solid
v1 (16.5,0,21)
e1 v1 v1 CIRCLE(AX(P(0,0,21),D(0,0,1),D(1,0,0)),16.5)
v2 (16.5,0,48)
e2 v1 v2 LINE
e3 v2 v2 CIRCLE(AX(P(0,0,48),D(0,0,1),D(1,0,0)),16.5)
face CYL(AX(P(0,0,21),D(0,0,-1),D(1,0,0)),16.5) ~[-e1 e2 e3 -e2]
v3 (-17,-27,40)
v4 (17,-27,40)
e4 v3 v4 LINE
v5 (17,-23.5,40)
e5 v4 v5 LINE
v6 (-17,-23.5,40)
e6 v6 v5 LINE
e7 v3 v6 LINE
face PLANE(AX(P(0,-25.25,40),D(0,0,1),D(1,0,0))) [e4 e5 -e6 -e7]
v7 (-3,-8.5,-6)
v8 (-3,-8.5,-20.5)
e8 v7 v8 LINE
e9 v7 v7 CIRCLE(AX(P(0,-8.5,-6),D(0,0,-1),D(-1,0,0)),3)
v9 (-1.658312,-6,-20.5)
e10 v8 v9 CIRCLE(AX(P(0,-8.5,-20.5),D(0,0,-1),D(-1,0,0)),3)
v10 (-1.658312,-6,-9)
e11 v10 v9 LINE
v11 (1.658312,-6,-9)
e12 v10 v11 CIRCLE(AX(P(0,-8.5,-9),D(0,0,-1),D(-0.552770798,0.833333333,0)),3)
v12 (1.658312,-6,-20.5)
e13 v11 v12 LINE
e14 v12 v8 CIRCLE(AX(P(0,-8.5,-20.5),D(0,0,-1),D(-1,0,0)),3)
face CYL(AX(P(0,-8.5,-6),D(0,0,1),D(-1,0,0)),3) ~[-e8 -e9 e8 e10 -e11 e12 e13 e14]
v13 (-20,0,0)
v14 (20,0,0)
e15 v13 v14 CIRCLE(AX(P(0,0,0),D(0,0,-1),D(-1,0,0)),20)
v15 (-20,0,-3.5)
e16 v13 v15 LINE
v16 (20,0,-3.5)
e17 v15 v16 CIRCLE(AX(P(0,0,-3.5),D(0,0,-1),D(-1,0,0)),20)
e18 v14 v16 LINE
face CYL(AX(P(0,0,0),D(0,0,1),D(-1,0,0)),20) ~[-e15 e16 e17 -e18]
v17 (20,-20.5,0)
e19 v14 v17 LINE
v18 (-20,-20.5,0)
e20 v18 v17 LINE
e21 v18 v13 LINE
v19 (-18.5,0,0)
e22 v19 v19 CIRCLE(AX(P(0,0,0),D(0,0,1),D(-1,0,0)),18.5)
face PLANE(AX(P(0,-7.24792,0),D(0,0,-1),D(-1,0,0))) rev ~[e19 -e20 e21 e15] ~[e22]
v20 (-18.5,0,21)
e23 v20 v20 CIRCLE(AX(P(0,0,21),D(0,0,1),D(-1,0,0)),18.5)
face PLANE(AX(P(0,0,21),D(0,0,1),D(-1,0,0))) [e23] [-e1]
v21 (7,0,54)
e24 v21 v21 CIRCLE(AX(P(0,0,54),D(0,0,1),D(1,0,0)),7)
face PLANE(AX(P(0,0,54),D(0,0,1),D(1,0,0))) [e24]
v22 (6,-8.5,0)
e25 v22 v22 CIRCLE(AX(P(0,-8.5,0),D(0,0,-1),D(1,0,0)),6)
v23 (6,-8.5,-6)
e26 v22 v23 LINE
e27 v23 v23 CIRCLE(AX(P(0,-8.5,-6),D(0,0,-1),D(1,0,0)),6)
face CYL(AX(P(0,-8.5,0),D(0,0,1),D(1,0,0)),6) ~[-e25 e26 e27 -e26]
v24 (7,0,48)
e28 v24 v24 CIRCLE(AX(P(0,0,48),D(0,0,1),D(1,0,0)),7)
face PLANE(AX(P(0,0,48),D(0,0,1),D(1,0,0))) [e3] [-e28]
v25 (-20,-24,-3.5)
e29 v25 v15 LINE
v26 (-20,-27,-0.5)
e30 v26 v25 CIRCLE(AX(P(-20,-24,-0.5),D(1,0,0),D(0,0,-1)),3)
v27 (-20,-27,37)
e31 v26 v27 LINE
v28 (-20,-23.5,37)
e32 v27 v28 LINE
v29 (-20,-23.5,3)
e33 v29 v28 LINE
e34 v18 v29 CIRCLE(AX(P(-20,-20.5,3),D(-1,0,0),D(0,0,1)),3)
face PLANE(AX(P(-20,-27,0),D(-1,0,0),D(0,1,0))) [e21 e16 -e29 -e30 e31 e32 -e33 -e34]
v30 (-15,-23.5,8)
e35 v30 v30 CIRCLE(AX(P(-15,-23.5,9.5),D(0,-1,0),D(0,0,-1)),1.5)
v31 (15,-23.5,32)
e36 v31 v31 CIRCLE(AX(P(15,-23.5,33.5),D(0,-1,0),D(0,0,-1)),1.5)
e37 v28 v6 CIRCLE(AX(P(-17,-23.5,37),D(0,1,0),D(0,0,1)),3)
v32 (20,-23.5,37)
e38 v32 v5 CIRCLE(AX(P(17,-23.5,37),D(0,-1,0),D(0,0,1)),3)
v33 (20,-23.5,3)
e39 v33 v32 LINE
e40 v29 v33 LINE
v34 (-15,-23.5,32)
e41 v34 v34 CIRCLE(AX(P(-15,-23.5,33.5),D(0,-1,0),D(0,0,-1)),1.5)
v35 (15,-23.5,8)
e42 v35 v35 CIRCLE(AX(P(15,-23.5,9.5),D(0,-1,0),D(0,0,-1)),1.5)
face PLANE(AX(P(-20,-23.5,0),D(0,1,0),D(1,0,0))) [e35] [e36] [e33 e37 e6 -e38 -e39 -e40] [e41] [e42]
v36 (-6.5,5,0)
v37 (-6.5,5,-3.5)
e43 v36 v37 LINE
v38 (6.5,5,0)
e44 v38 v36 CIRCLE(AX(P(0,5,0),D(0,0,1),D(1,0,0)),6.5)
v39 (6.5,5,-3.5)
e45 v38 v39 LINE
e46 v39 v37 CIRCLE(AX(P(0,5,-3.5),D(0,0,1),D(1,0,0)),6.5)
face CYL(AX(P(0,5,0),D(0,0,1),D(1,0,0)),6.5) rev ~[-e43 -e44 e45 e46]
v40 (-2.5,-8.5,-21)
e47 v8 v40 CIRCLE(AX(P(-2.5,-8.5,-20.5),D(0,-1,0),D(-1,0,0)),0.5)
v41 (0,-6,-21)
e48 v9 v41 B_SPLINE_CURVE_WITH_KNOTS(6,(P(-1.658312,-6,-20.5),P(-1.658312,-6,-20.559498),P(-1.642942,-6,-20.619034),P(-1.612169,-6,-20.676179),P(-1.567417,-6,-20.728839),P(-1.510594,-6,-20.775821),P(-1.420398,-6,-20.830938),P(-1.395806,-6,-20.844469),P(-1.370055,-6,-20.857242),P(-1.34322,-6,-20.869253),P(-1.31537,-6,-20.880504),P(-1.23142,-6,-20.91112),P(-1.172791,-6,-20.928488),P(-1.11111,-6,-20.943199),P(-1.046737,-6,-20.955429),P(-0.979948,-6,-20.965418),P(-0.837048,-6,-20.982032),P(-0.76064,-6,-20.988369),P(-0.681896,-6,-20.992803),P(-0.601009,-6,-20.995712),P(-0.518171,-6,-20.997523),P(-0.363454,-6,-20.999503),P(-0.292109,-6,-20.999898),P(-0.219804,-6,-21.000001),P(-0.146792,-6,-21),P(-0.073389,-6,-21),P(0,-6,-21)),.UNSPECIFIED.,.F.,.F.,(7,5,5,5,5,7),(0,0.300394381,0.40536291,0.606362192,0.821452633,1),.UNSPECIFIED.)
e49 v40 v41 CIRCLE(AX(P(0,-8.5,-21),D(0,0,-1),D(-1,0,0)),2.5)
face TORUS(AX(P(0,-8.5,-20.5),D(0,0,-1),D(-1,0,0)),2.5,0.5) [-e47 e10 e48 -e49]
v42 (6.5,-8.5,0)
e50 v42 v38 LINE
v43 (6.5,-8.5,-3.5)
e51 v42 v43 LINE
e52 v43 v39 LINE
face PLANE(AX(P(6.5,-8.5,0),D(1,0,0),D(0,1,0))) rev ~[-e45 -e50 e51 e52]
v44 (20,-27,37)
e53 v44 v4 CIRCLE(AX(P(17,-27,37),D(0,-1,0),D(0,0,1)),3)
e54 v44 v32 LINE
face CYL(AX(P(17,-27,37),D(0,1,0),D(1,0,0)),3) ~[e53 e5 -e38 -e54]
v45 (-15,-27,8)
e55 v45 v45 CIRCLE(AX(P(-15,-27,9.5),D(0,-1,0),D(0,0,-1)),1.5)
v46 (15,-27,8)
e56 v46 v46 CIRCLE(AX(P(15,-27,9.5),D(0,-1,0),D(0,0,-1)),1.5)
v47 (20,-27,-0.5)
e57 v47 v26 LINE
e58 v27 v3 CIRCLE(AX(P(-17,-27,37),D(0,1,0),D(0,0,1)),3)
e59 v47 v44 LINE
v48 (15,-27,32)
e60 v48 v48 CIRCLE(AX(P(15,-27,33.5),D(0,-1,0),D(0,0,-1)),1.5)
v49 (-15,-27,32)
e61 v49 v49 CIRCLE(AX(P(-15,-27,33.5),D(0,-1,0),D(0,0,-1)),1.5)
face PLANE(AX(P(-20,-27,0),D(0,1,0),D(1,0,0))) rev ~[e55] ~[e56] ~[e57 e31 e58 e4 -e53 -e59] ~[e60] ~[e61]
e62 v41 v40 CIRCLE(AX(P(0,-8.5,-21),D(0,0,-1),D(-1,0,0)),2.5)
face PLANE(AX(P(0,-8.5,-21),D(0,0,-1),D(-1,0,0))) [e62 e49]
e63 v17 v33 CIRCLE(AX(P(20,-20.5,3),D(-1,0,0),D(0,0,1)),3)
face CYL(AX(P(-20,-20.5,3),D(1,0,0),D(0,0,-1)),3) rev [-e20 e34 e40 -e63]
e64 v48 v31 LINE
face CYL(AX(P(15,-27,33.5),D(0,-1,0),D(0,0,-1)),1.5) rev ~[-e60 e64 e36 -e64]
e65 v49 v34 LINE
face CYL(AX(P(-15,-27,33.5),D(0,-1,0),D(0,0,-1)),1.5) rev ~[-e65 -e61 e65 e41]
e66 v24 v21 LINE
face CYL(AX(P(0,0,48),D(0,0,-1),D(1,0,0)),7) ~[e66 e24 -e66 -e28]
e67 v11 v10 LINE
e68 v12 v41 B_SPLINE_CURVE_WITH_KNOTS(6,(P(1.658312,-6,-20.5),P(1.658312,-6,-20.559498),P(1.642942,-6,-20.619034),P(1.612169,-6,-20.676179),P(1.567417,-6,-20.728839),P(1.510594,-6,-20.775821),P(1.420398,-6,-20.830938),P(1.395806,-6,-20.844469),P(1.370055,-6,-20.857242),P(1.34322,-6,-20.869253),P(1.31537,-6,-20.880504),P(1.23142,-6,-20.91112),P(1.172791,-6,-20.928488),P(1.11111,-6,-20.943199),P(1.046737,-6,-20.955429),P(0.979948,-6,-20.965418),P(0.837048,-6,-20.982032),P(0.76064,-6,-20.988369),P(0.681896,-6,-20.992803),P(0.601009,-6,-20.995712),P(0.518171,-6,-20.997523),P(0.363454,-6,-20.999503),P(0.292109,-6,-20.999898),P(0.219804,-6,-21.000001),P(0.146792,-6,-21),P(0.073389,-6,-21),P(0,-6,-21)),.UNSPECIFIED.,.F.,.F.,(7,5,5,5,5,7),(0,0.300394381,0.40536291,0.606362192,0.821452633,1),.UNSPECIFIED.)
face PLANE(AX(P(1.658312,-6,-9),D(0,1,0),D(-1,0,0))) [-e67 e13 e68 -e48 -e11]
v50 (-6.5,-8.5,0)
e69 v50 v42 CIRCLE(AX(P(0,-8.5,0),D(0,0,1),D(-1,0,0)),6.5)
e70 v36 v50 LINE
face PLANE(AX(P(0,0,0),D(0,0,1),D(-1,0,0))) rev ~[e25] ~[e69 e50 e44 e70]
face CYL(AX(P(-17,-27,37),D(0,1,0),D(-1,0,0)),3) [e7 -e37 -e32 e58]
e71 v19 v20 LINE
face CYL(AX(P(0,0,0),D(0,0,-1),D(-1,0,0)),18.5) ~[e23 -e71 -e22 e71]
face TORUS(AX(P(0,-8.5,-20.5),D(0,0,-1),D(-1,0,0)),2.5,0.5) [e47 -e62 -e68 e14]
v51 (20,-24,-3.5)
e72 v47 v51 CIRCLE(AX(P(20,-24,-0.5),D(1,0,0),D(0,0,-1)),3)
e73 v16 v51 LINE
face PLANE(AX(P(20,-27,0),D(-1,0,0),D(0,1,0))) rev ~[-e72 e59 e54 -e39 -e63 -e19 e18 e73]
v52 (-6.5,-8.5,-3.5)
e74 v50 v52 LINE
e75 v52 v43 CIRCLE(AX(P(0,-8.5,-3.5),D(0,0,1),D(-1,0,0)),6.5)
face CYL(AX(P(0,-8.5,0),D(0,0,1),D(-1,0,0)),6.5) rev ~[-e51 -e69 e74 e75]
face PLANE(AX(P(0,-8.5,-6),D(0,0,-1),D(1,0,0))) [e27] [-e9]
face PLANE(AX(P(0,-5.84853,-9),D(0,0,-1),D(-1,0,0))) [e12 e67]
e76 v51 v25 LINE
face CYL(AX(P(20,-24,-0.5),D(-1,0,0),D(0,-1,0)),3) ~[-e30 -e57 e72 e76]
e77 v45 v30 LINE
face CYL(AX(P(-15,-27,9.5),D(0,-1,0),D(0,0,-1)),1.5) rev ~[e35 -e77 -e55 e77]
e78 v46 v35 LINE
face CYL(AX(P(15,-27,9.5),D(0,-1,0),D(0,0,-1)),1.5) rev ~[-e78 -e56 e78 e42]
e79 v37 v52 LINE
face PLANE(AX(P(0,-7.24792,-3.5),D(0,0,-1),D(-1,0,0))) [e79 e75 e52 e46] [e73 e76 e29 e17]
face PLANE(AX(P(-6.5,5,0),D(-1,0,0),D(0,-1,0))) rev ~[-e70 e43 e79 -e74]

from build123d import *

# Parameters (mm, degrees)
SKETCH1_R           = 18.5
BOSS_EXTRUDE1_DEPTH = 21
SKETCH2_R           = 16.5
BOSS_EXTRUDE2_DEPTH = 27
SKETCH3_R           = 7
BOSS_EXTRUDE3_DEPTH = 6
BOSS_EXTRUDE4_DEPTH = 3.5
SKETCH5_W           = 40
SKETCH5_H           = 3.5
BOSS_EXTRUDE5_DEPTH = 40
FILLET1_R           = 3
SKETCH6_R           = 6
BOSS_EXTRUDE6_DEPTH = 6
SKETCH7_R           = 3
BOSS_EXTRUDE7_DEPTH = 15
FILLET2_R           = 0.5
CUT_EXTRUDE1_START  = -12
CUT_EXTRUDE1_DEPTH  = 12
CUT_EXTRUDE2_REACH  = 76.33
SKETCH9_R           = 1.5


with BuildPart() as part:
    # Sketch1 → Boss-Extrude1 (new body)
    with BuildSketch(Plane.XY):
        with Locations(Location((0, 0, 0), (0, 0, 180))):
            Circle(SKETCH1_R)
    extrude(amount=BOSS_EXTRUDE1_DEPTH)

    # Sketch2 → Boss-Extrude2 (add)
    with BuildSketch(Plane.XY.offset(21)):
        Circle(SKETCH2_R)
    extrude(amount=BOSS_EXTRUDE2_DEPTH)

    # Sketch3 → Boss-Extrude3 (add)
    with BuildSketch(Plane.XY.offset(48)):
        Circle(SKETCH3_R)
    extrude(amount=BOSS_EXTRUDE3_DEPTH)

    # Sketch4 → Boss-Extrude4 (add)
    with BuildSketch(Plane(origin=(0, 0, 0), x_dir=(-1, 0, 0), z_dir=(0, 0, -1))):
        with BuildLine():
            Line((-20, 0), (-20, -27))
            Line((-20, -27), (20, -27))
            Line((20, -27), (20, 0))
            ThreePointArc((20, 0), (0, 20), (-20, 0))
        make_face()
        with BuildLine():
            Line((6.5, 5), (6.5, -8.5))
            ThreePointArc((6.5, -8.5), (0, -15), (-6.5, -8.5))
            Line((-6.5, -8.5), (-6.5, 5))
            ThreePointArc((-6.5, 5), (0, 11.5), (6.5, 5))
        make_face(mode=Mode.SUBTRACT)
    extrude(amount=BOSS_EXTRUDE4_DEPTH)

    # Sketch5 → Boss-Extrude5 (add)
    with BuildSketch(Plane.XY):
        with Locations((0, -25.25)):
            Rectangle(SKETCH5_W, SKETCH5_H)
    extrude(amount=BOSS_EXTRUDE5_DEPTH)

    # Fillet1
    fillet1_edges = [part.edges().sort_by_distance(p)[0] for p in [
        (0, -27, -3.5),
        (0, -23.5, 0),
        (20, -25.25, 40),
        (-20, -25.25, 40),
    ]]
    fillet(fillet1_edges, radius=FILLET1_R)

    # Sketch6 → Boss-Extrude6 (add)
    with BuildSketch(Plane(origin=(0, 0, 0), x_dir=(-1, 0, 0), z_dir=(0, 0, -1))):
        with Locations(Location((0, -8.5, 0), (0, 0, 180))):
            Circle(SKETCH6_R)
    extrude(amount=BOSS_EXTRUDE6_DEPTH)

    # Sketch7 → Boss-Extrude7 (add)
    with BuildSketch(Plane(origin=(0, 0, -6), x_dir=(-1, 0, 0), z_dir=(0, 0, -1))):
        with Locations((0, -8.5)):
            Circle(SKETCH7_R)
    extrude(amount=BOSS_EXTRUDE7_DEPTH)

    # Fillet2
    fillet2_edges = [part.edges().sort_by_distance(p)[0] for p in [
        (3, -8.5, -21),
    ]]
    fillet(fillet2_edges, radius=FILLET2_R)

    # Sketch8 → Cut-Extrude1 (cut)
    with BuildSketch(Plane(origin=(0, 0, -21), x_dir=(-1, 0, 0), z_dir=(0, 0, -1)).offset(CUT_EXTRUDE1_START)):
        with BuildLine():
            Line((-1.658312395, -6), (1.658312395, -6))
            ThreePointArc((1.658312395, -6), (0, -5.5), (-1.658312395, -6))
        make_face()
    extrude(amount=CUT_EXTRUDE1_DEPTH, mode=Mode.SUBTRACT)

    # Sketch9 → Cut-Extrude2 (cut, up to next)
    with BuildSketch(Plane.XZ.offset(27), mode=Mode.PRIVATE) as cut_extrude2_sk1:
        with Locations(Location((15, 33.5, 0), (0, 0, 270))):
            Circle(SKETCH9_R)
    cut_extrude2_tool1 = extrude(cut_extrude2_sk1.sketch, amount=-CUT_EXTRUDE2_REACH, mode=Mode.PRIVATE) & part.part
    # Sketch9 → Cut-Extrude2 (cut, up to next)
    with BuildSketch(Plane.XZ.offset(27), mode=Mode.PRIVATE) as cut_extrude2_sk2:
        with Locations(Location((15, 9.5, 0), (0, 0, 270))):
            Circle(SKETCH9_R)
    cut_extrude2_tool2 = extrude(cut_extrude2_sk2.sketch, amount=-CUT_EXTRUDE2_REACH, mode=Mode.PRIVATE) & part.part
    # Sketch9 → Cut-Extrude2 (cut, up to next)
    with BuildSketch(Plane.XZ.offset(27), mode=Mode.PRIVATE) as cut_extrude2_sk3:
        with Locations(Location((-15, 33.5, 0), (0, 0, 270))):
            Circle(SKETCH9_R)
    cut_extrude2_tool3 = extrude(cut_extrude2_sk3.sketch, amount=-CUT_EXTRUDE2_REACH, mode=Mode.PRIVATE) & part.part
    # Sketch9 → Cut-Extrude2 (cut, up to next)
    with BuildSketch(Plane.XZ.offset(27), mode=Mode.PRIVATE) as cut_extrude2_sk4:
        with Locations(Location((-15, 9.5, 0), (0, 0, 270))):
            Circle(SKETCH9_R)
    cut_extrude2_tool4 = extrude(cut_extrude2_sk4.sketch, amount=-CUT_EXTRUDE2_REACH, mode=Mode.PRIVATE) & part.part
    add(cut_extrude2_tool1.solids().sort_by_distance((15, -27, 33.5))[0], mode=Mode.SUBTRACT)
    add(cut_extrude2_tool2.solids().sort_by_distance((15, -27, 9.5))[0], mode=Mode.SUBTRACT)
    add(cut_extrude2_tool3.solids().sort_by_distance((-15, -27, 33.5))[0], mode=Mode.SUBTRACT)
    add(cut_extrude2_tool4.solids().sort_by_distance((-15, -27, 9.5))[0], mode=Mode.SUBTRACT)


solid = part.part
